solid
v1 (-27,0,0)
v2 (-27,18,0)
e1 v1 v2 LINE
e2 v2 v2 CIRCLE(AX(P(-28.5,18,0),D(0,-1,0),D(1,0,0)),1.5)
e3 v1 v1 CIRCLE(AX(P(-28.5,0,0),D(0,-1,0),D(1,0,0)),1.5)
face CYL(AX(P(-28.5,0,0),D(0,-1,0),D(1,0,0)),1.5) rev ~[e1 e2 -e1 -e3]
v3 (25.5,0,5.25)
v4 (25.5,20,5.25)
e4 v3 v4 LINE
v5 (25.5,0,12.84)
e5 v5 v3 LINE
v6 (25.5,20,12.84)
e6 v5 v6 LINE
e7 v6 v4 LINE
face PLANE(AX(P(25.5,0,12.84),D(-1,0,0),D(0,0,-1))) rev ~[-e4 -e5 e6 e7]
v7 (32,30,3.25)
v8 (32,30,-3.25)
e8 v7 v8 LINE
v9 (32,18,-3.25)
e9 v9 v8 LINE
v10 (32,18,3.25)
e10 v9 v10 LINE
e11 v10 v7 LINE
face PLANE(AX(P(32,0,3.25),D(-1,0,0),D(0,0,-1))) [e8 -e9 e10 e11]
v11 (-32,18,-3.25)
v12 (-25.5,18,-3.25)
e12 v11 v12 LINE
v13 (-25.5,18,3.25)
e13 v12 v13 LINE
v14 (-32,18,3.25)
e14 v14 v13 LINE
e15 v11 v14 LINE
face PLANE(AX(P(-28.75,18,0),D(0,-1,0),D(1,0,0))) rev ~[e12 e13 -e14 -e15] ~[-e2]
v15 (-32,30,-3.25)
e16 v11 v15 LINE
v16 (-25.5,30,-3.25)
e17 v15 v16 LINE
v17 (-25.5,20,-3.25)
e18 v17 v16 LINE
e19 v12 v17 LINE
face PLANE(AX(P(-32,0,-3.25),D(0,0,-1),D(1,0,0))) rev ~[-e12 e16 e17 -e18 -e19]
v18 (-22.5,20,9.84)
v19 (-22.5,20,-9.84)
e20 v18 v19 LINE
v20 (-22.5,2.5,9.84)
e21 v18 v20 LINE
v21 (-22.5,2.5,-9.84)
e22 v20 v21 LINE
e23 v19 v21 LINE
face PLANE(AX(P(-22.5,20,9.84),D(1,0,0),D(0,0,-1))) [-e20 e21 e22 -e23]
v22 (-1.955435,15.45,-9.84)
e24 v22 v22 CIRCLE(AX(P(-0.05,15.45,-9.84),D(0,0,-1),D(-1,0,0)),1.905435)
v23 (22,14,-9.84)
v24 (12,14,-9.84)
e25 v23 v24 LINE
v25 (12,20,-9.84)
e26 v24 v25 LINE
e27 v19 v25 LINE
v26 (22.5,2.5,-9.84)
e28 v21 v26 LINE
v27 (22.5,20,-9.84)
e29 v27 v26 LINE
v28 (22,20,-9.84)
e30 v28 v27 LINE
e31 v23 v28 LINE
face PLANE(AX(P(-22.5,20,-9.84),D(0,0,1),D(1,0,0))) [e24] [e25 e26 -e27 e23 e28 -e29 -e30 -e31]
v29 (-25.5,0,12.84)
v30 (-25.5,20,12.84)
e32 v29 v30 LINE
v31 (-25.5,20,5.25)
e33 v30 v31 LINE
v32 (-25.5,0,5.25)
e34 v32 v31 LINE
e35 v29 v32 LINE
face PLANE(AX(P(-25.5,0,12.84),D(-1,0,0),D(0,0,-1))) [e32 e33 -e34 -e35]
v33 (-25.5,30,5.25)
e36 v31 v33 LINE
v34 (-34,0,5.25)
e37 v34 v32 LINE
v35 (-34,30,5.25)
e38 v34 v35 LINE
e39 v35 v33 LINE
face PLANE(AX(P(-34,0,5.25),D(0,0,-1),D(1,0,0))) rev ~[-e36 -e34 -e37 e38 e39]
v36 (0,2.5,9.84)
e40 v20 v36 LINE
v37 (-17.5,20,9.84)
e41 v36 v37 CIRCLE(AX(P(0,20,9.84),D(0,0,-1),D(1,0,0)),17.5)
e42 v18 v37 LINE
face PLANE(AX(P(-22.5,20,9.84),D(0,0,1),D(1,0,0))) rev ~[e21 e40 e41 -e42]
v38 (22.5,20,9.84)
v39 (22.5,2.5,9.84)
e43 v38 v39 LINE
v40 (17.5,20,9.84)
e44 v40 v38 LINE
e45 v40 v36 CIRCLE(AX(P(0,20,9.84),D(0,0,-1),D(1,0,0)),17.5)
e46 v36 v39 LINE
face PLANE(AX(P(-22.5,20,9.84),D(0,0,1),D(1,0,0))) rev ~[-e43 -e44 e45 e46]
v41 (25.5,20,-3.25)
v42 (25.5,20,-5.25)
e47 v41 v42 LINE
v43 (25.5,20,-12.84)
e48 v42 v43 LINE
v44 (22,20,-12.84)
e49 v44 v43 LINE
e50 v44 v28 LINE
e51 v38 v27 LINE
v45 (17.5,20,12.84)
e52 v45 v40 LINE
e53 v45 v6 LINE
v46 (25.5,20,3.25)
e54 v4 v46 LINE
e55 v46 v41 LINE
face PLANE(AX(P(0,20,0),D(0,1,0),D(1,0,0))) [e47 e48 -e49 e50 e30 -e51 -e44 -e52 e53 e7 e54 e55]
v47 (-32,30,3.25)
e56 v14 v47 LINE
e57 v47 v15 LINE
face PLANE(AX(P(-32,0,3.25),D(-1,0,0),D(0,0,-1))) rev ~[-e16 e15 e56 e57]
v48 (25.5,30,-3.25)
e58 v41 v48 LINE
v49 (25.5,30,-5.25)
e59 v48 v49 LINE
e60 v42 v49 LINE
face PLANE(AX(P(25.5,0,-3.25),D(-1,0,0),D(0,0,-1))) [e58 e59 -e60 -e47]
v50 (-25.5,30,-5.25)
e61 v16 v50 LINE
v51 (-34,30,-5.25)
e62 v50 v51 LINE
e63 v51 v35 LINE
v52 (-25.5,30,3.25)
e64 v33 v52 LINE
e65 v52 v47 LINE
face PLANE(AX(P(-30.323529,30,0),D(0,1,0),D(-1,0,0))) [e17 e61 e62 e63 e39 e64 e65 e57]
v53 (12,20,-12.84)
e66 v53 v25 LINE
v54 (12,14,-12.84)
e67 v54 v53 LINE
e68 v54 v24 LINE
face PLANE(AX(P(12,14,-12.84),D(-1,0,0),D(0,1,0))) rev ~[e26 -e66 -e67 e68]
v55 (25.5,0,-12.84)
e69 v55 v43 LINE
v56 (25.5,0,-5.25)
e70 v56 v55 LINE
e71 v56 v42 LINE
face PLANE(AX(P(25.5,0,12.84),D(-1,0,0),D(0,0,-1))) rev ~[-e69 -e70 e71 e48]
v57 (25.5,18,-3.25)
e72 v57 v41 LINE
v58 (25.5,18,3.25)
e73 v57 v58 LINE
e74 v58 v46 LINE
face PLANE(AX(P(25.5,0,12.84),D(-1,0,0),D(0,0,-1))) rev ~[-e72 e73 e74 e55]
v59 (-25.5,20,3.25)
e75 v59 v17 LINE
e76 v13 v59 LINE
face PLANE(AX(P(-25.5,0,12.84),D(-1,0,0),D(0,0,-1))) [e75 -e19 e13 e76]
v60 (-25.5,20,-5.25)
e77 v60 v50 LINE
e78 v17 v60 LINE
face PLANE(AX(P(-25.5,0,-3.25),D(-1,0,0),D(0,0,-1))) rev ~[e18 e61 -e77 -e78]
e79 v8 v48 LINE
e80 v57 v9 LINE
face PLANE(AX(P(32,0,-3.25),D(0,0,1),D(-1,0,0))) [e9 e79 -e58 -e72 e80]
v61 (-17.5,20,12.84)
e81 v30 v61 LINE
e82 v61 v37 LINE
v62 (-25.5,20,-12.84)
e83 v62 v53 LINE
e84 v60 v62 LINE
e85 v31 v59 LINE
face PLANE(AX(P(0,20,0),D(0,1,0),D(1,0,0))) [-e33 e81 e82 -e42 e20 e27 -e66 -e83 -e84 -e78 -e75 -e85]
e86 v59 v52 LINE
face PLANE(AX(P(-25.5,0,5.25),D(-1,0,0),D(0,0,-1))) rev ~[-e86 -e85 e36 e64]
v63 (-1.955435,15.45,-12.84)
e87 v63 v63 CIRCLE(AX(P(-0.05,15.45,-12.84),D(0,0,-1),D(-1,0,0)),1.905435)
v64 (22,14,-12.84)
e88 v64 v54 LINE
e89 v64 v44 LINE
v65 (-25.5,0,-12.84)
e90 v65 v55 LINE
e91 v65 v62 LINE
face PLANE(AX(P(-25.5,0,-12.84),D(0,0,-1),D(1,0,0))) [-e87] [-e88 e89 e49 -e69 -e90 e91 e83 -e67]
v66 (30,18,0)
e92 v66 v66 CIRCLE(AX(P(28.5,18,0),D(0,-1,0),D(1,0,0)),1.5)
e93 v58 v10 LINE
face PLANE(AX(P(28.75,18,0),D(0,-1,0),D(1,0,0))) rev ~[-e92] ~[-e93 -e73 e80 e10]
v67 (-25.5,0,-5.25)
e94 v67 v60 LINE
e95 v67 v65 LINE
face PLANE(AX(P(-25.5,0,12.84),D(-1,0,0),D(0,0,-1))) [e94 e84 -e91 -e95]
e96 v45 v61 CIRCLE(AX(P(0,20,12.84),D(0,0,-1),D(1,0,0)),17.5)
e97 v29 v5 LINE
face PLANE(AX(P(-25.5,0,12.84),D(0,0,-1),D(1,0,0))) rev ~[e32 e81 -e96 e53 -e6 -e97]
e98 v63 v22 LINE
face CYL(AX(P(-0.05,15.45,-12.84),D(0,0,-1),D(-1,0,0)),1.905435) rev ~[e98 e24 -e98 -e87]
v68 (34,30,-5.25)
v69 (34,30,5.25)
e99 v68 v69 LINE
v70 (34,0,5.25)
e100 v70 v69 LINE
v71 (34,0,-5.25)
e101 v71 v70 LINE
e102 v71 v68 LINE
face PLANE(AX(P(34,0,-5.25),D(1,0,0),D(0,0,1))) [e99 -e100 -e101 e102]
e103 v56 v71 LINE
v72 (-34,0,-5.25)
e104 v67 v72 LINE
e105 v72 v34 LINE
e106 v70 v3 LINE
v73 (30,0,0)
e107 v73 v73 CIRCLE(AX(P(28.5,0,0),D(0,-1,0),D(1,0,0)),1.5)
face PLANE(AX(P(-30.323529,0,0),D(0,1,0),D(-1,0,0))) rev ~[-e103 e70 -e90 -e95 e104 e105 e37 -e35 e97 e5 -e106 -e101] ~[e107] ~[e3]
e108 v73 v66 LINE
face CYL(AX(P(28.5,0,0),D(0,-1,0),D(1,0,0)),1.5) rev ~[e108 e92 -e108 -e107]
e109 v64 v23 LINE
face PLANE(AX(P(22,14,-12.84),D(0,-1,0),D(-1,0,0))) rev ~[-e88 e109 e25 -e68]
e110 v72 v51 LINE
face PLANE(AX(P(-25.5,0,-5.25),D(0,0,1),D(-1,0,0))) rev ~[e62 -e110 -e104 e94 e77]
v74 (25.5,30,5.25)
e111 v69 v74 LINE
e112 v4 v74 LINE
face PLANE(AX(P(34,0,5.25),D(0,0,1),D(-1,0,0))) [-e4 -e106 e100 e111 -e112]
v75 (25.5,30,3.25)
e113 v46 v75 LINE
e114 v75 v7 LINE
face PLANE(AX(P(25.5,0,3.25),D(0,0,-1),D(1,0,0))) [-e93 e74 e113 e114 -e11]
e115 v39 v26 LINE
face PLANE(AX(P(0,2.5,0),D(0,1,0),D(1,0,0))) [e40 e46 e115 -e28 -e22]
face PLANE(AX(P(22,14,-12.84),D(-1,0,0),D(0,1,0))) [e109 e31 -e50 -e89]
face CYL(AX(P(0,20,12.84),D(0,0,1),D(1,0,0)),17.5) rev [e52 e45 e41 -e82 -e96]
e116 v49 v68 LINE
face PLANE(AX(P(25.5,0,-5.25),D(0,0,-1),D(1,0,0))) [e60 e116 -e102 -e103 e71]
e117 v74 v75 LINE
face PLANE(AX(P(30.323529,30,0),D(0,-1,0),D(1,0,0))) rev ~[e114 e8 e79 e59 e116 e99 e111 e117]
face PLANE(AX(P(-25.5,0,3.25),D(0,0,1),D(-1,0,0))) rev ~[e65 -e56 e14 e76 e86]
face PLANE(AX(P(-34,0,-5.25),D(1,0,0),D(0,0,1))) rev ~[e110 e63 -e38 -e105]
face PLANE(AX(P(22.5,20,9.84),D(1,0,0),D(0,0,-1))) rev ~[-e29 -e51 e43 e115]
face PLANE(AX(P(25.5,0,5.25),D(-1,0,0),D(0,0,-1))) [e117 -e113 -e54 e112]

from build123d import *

# Parameters (mm, degrees)
SKETCH1_W           = 51
SKETCH1_H           = 25.68
BOSS_EXTRUDE1_DEPTH = 20
SKETCH2_W           = 45
SKETCH2_H           = 19.68
CUT_EXTRUDE1_DEPTH  = 17.5
CUT_EXTRUDE5_DEPTH  = 3
SKETCH10_R          = 1.905435321
SKETCH10_W          = 10
SKETCH10_H          = 6
CUT_EXTRUDE6_DEPTH  = 3
SKETCH11_W          = 6.5
SKETCH11_H          = 6.5
SKETCH11_R          = 1.5
BOSS_EXTRUDE4_DEPTH = 18
BOSS_EXTRUDE5_DEPTH = 30


with BuildPart() as part:
    # Sketch1 → Boss-Extrude1 (new body)
    with BuildSketch(Plane(origin=(0, 0, 0), x_dir=(1, 0, 0), z_dir=(0, 1, 0))):
        Rectangle(SKETCH1_W, SKETCH1_H)
    extrude(amount=BOSS_EXTRUDE1_DEPTH)

    # Sketch2 → Cut-Extrude1 (cut)
    with BuildSketch(Plane(origin=(0, 20, 0), x_dir=(1, 0, 0), z_dir=(0, 1, 0))):
        Rectangle(SKETCH2_W, SKETCH2_H)
    extrude(amount=-CUT_EXTRUDE1_DEPTH, mode=Mode.SUBTRACT)

    # Sketch9 → Cut-Extrude5 (cut)
    with BuildSketch(Plane.XY.offset(12.84)):
        with BuildLine():
            Line((-17.5, 20), (17.5, 20))
            ThreePointArc((17.5, 20), (0, 2.5), (-17.5, 20))
        make_face()
    extrude(amount=-CUT_EXTRUDE5_DEPTH, mode=Mode.SUBTRACT)

    # Sketch10 → Cut-Extrude6 (cut)
    with BuildSketch(Plane(origin=(0, 0, -12.84), x_dir=(-1, 0, 0), z_dir=(0, 0, -1))):
        with Locations((0.05, 15.45)):
            Circle(SKETCH10_R)
        with Locations((-17, 17)):
            Rectangle(SKETCH10_W, SKETCH10_H)
    extrude(amount=-CUT_EXTRUDE6_DEPTH, mode=Mode.SUBTRACT)

    # Sketch11 → Boss-Extrude4 (add)
    with BuildSketch(Plane.XZ):
        with Locations((-28.75, 0)):
            Rectangle(SKETCH11_W, SKETCH11_H)
        with Locations((-28.5, 0)):
            Circle(SKETCH11_R, mode=Mode.SUBTRACT)
        with Locations((28.75, 0)):
            Rectangle(SKETCH11_W, SKETCH11_H)
        with Locations((28.5, 0)):
            Circle(SKETCH11_R, mode=Mode.SUBTRACT)
    extrude(amount=-BOSS_EXTRUDE4_DEPTH)

    # Sketch12 → Boss-Extrude5 (add)
    with BuildSketch(Plane.XZ):
        Polygon((-25.5, -3.25), (-25.5, -5.25), (-34, -5.25), (-34, 5.25), (-25.5, 5.25), (-25.5, 3.25), (-32, 3.25), (-32, -3.25), align=None)
        Polygon((25.5, 3.25), (32, 3.25), (32, -3.25), (25.5, -3.25), (25.5, -5.25), (34, -5.25), (34, 5.25), (25.5, 5.25), align=None)
    extrude(amount=-BOSS_EXTRUDE5_DEPTH)


solid = part.part
